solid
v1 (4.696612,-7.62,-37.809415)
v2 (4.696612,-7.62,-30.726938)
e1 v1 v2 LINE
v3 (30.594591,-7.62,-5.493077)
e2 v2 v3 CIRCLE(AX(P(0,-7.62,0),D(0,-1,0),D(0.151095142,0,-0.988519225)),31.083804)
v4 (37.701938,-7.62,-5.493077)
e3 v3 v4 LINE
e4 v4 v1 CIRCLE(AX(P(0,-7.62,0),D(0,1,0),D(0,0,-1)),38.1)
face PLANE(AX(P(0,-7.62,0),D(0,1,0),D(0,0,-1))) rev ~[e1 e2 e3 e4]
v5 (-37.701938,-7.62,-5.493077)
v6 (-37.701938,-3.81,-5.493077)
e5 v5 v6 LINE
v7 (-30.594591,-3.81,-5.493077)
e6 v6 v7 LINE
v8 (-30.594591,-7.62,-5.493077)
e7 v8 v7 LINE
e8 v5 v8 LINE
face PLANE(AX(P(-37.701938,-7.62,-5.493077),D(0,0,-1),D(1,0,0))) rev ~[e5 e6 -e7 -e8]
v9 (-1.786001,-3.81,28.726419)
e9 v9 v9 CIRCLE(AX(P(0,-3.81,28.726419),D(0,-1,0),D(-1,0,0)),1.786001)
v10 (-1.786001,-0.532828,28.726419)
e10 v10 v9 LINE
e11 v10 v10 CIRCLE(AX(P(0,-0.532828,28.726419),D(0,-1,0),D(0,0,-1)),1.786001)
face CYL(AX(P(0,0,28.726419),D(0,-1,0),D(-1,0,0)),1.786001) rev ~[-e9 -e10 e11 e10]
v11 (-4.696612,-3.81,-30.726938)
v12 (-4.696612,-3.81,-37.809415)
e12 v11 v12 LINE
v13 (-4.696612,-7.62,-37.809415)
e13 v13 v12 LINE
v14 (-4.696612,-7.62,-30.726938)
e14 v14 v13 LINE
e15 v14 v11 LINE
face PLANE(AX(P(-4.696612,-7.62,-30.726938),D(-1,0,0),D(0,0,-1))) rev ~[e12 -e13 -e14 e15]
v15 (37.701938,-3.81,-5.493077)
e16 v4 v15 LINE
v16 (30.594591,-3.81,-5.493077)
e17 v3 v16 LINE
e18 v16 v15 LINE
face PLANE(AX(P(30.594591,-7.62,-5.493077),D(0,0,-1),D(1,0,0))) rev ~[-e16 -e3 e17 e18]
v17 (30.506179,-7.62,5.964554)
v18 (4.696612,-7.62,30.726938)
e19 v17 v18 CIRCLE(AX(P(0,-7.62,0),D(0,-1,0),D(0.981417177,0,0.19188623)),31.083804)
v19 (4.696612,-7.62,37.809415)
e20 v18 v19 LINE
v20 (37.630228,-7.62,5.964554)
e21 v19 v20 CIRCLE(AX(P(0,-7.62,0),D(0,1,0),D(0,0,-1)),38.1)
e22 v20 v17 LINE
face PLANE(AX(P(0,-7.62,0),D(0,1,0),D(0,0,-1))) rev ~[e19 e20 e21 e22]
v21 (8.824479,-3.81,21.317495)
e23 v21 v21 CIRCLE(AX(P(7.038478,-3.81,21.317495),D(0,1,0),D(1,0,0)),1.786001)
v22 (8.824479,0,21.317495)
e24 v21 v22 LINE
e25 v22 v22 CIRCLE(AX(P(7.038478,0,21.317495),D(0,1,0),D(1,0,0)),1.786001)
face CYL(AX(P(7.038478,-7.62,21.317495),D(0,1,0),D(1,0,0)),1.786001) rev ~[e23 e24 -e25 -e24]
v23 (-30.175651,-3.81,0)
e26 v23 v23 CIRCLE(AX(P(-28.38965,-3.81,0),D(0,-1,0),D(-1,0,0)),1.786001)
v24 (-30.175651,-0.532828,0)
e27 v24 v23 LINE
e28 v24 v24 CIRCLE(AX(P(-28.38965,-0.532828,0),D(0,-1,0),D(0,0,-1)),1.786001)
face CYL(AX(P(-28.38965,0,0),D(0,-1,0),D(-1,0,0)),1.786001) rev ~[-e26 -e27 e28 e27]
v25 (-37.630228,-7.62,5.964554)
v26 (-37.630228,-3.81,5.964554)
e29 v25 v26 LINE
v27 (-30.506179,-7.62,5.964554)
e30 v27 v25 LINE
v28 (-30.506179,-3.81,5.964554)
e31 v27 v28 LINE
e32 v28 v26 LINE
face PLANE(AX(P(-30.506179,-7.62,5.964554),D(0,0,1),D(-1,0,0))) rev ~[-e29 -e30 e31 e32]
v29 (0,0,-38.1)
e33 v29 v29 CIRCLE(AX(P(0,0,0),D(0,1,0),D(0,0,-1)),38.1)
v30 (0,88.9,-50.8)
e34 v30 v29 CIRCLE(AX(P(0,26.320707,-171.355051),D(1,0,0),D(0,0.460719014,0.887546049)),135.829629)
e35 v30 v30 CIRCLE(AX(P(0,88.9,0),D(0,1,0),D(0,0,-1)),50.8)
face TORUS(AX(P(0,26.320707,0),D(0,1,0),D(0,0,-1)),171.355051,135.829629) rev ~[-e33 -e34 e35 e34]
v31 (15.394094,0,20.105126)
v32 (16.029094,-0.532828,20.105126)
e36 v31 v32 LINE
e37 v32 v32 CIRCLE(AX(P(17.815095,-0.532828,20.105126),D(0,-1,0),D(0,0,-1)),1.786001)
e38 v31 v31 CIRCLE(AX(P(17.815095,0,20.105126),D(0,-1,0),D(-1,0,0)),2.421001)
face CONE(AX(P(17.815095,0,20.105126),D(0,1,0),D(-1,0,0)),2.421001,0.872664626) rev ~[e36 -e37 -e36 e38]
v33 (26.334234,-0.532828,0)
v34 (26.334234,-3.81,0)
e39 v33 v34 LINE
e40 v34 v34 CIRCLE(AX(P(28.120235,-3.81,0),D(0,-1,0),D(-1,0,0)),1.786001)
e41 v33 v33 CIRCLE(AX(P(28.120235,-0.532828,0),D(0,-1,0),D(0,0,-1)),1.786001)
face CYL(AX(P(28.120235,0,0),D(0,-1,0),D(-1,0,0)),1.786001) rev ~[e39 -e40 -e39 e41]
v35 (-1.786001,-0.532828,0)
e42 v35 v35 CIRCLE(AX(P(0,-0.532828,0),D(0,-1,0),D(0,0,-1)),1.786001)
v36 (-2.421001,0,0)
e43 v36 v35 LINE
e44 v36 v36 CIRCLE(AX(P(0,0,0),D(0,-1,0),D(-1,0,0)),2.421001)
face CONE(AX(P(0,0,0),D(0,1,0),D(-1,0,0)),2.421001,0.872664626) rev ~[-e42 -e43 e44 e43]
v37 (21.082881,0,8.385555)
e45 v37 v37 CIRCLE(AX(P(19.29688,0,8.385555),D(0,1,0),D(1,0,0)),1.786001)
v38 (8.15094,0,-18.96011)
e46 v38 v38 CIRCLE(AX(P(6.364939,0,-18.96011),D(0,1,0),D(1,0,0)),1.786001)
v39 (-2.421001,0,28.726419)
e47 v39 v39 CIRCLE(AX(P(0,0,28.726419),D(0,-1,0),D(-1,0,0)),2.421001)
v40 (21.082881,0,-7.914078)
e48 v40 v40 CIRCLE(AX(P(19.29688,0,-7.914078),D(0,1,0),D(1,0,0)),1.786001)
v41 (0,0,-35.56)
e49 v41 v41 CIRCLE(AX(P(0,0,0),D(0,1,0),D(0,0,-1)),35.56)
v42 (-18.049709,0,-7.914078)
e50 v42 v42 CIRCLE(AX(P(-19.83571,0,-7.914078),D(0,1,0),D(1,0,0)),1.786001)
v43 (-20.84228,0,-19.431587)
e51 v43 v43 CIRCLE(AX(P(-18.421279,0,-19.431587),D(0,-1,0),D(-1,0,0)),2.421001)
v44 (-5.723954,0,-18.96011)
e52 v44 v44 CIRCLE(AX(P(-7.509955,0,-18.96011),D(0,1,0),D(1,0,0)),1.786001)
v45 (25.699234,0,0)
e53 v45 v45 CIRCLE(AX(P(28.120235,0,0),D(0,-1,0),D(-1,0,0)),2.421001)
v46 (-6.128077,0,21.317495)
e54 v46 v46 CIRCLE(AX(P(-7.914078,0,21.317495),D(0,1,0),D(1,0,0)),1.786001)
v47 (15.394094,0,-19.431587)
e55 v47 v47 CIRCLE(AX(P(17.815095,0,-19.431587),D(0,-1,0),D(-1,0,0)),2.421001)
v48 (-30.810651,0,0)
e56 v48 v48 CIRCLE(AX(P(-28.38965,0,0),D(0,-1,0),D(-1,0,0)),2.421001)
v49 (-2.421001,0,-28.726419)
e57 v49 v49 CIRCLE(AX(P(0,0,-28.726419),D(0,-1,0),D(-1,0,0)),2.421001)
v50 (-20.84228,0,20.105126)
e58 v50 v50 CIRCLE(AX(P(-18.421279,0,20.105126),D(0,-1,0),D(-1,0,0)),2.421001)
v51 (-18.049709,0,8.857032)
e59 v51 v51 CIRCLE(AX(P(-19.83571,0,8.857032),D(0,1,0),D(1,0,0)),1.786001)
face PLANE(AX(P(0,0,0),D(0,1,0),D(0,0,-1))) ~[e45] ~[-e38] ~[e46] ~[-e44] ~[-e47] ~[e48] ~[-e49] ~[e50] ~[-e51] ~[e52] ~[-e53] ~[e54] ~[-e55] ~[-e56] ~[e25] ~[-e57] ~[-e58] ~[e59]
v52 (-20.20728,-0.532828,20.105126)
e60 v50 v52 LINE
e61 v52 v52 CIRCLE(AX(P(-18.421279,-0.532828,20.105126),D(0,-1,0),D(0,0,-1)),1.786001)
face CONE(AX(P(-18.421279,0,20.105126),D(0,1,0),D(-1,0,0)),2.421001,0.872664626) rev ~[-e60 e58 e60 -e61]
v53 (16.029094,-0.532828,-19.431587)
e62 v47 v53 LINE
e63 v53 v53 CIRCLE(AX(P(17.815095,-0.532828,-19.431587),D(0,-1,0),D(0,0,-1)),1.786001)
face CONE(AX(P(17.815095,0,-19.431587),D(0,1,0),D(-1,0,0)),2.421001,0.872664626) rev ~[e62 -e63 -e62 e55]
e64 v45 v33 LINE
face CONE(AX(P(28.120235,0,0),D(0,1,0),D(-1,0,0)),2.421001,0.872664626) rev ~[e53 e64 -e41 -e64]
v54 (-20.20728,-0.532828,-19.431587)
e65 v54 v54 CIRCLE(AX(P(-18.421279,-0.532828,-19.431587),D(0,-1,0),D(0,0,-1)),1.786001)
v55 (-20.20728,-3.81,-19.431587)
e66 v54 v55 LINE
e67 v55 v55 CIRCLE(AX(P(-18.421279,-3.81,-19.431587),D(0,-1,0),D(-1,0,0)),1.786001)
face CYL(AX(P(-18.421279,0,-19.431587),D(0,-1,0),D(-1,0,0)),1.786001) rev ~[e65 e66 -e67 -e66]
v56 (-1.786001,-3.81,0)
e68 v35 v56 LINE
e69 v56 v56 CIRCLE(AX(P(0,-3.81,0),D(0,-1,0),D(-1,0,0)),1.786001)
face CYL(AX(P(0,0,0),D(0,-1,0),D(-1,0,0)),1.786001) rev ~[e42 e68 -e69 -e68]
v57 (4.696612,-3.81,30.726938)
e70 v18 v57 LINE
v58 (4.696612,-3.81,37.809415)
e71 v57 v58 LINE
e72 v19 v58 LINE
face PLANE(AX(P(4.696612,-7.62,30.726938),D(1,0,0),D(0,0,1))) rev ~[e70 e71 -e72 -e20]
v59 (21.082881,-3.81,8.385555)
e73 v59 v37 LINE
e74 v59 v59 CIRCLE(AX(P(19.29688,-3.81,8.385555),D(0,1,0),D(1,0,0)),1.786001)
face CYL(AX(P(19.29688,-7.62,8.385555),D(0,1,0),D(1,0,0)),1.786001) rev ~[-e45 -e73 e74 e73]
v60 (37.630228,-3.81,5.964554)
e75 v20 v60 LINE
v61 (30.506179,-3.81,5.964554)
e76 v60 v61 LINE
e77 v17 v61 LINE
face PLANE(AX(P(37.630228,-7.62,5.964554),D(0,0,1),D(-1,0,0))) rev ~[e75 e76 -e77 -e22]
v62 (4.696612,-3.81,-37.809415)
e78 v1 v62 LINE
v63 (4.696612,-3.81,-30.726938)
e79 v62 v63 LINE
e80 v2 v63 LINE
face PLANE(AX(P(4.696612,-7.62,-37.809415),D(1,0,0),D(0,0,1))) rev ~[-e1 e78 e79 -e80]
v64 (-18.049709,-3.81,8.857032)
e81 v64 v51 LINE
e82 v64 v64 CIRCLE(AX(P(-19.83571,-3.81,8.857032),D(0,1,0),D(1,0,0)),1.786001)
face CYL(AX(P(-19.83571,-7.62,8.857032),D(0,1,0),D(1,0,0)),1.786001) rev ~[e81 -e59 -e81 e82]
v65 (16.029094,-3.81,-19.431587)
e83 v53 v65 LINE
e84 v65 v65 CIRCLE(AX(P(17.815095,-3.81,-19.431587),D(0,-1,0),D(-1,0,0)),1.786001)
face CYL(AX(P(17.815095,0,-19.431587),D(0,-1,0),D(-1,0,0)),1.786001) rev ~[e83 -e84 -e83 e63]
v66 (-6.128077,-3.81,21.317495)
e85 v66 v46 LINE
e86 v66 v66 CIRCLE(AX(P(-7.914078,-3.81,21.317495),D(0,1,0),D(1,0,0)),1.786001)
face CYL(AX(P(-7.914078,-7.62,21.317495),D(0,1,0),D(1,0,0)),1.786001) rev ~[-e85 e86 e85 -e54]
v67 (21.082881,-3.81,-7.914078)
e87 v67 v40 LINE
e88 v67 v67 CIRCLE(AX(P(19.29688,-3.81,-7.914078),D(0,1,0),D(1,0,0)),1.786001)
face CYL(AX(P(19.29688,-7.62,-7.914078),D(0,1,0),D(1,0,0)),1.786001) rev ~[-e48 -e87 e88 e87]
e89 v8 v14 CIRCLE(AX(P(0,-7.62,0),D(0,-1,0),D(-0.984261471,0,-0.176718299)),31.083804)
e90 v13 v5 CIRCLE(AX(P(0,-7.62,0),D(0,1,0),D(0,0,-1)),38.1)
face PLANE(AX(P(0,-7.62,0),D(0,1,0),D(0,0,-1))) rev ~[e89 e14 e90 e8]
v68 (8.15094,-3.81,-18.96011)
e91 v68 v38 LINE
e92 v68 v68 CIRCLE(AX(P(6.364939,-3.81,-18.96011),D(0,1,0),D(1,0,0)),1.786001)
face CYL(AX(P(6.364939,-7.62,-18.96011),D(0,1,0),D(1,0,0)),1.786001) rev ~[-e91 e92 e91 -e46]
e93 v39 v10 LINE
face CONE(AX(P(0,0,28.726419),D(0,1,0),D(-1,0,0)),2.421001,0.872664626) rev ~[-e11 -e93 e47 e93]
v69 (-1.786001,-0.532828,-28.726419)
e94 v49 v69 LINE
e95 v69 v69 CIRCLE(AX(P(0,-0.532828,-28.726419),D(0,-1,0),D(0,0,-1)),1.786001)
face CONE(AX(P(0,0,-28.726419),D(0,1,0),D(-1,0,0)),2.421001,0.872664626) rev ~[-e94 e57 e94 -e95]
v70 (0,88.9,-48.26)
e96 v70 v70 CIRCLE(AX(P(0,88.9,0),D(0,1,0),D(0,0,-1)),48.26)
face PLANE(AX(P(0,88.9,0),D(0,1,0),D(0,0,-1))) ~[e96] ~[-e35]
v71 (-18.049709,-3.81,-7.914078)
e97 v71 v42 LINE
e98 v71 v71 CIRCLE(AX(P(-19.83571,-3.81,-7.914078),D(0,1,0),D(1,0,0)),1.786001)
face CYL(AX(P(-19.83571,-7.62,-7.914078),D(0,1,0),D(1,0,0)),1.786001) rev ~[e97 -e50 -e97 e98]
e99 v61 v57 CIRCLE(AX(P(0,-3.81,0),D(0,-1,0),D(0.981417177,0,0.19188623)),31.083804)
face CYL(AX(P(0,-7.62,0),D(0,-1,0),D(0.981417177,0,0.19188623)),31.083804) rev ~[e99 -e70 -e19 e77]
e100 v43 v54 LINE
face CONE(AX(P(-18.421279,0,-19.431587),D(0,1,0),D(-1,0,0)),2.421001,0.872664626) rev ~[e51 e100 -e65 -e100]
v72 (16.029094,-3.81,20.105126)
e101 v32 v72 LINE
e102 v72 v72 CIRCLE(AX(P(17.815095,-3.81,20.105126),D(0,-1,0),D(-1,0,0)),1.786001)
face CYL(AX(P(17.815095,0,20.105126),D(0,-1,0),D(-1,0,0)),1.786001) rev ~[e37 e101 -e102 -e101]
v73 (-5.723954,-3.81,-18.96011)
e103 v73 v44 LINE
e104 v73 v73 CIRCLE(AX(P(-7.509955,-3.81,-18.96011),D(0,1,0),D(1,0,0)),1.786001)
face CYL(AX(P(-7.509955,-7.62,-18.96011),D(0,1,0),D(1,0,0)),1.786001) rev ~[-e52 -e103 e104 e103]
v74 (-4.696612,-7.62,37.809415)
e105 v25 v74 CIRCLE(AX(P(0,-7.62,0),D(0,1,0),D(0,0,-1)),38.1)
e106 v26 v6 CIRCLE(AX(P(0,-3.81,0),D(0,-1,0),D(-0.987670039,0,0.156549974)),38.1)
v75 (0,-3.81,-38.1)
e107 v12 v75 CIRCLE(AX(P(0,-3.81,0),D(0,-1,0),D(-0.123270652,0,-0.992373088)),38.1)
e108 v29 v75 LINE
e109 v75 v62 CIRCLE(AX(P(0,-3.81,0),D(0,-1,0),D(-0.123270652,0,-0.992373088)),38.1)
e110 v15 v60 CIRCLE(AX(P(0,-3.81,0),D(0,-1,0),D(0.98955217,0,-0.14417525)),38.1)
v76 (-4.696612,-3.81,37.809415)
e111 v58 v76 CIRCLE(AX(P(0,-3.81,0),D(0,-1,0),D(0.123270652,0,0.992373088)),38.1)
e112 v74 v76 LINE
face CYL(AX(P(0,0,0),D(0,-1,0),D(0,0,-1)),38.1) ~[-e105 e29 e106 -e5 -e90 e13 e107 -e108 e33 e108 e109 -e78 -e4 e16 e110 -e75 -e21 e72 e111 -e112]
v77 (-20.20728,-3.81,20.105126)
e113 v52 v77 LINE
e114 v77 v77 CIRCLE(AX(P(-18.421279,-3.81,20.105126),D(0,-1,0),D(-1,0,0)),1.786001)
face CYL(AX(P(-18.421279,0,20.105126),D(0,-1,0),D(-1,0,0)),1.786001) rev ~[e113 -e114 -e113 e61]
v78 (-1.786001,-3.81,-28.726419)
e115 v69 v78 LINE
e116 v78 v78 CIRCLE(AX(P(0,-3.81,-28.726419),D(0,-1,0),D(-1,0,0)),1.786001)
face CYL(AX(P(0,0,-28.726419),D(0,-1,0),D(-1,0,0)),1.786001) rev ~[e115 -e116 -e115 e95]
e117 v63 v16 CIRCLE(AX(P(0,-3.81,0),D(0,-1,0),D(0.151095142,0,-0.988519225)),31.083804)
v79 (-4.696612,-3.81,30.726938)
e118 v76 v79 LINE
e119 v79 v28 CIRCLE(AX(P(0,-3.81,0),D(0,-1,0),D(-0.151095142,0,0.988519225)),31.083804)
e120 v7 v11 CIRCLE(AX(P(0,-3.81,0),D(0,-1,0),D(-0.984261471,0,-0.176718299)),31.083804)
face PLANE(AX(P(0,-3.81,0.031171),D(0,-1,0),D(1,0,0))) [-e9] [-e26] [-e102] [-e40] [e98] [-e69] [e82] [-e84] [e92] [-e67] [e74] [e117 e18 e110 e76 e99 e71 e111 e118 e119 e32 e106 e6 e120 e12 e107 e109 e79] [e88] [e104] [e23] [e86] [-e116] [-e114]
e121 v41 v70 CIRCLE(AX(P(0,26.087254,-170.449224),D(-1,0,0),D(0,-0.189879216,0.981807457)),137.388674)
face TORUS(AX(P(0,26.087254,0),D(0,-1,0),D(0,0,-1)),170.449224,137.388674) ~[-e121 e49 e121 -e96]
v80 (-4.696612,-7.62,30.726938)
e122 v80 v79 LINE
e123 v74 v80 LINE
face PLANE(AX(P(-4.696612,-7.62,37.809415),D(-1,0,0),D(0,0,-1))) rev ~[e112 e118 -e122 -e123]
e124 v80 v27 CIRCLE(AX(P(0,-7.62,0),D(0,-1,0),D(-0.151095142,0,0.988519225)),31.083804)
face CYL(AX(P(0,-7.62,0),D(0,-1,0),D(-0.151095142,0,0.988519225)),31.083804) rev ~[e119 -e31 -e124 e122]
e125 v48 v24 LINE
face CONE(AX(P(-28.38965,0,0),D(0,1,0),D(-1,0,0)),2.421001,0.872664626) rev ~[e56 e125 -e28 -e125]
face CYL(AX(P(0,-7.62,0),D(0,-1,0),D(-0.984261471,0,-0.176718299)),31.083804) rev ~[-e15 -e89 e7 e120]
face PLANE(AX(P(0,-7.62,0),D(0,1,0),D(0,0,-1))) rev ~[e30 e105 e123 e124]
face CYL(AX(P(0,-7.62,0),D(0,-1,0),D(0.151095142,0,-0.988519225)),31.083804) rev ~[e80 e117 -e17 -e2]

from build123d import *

# Parameters (mm, degrees)
F_9_64_0_14063_DIAMETER_HOLE2_D           = 3.572002
F_9_64_0_14063_DIAMETER_HOLE2_CSINK_D     = 4.842002
F_9_64_0_14063_DIAMETER_HOLE2_CSINK_ANGLE = 100
F_9_64_0_14063_DIAMETER_HOLE3_D           = 3.572002
F_9_64_0_14063_DIAMETER_HOLE3_CSINK_D     = 4.842002
F_9_64_0_14063_DIAMETER_HOLE3_CSINK_ANGLE = 100
CUT_EXTRUDE1_DEPTH                        = 3.81


with BuildPart() as part:
    # Sketch2 → Revolve1 (revolve)
    with BuildSketch(Plane.XY, mode=Mode.PRIVATE) as revolve1_sk:
        with BuildLine():
            Line((0, 0), (-35.56, 0))
            ThreePointArc((-35.56, 0), (-34.441376421, 45.516946226), (-48.26, 88.9))
            Line((-48.26, 88.9), (-50.8, 88.9))
            ThreePointArc((-50.8, 88.9), (-36.890578114, 45.529917412), (-38.1, 0))
            Line((-38.1, 0), (-38.1, -7.62))
            Line((-38.1, -7.62), (0, -7.62))
            Line((0, -7.62), (0, 0))
        make_face()
    revolve(revolve1_sk.sketch.rotate(Axis((0, 0, 0), (0, 1, 0)), 270), axis=Axis((0, 0, 0), (0, 1, 0)))

    # 9/64 (0.14063) Diameter Hole2 (through all)
    with Locations(Plane(origin=(0, 0, 0), x_dir=(1, 0, 0), z_dir=(0, 1, 0))):
        with Locations((0, -28.72641934), (-28.389650063, 0), (0, 28.72641934), (28.120234641, 0), (17.815094761, -20.105125845), (17.815094761, 19.431587291), (-18.421279459, 19.431587291), (-18.421279459, -20.105125845), (0, 0)):
            CounterSinkHole(F_9_64_0_14063_DIAMETER_HOLE2_D / 2, F_9_64_0_14063_DIAMETER_HOLE2_CSINK_D / 2, counter_sink_angle=F_9_64_0_14063_DIAMETER_HOLE2_CSINK_ANGLE)

    # 9/64 (0.14063) Diameter Hole3 (through all)
    with Locations(Plane(origin=(0, -7.62, 0), x_dir=(-1, 0, 0), z_dir=(0, -1, 0))):
        with Locations((-6.364939338, 18.960110303), (7.50995488, 18.960110303), (19.835710423, 7.914078013), (-19.29687958, 7.914078013), (-19.29687958, -8.385555001), (-7.038477892, -21.317495243), (7.914078013, -21.317495243), (19.835710423, -8.857031989)):
            CounterSinkHole(F_9_64_0_14063_DIAMETER_HOLE3_D / 2, F_9_64_0_14063_DIAMETER_HOLE3_CSINK_D / 2, counter_sink_angle=F_9_64_0_14063_DIAMETER_HOLE3_CSINK_ANGLE)

    # Sketch11 → Cut-Extrude1 (cut)
    with BuildSketch(Plane.XZ.offset(7.62)):
        with BuildLine():
            Line((-4.696611831, 37.809414665), (-4.696611831, 30.726938113))
            ThreePointArc((-4.696611831, 30.726938113), (-21.519829113, 22.429887281), (-30.506179441, 5.964554001))
            Line((-30.506179441, 5.964554001), (-37.630228482, 5.964554001))
            ThreePointArc((-37.630228482, 5.964554001), (-38.099253822, 0.238449554), (-37.701937681, -5.493077013))
            Line((-37.701937681, -5.493077013), (-30.594590918, -5.493077013))
            ThreePointArc((-30.594590918, -5.493077013), (-21.692260933, -22.263169229), (-4.696611831, -30.726938113))
            Line((-4.696611831, -30.726938113), (-4.696611831, -37.809414665))
            ThreePointArc((-4.696611831, -37.809414665), (0, -38.1), (4.696611831, -37.809414665))
            Line((4.696611831, -37.809414665), (4.696611831, -30.726938113))
            ThreePointArc((4.696611831, -30.726938113), (21.692260933, -22.263169229), (30.594590918, -5.493077013))
            Line((30.594590918, -5.493077013), (37.701937681, -5.493077013))
            ThreePointArc((37.701937681, -5.493077013), (38.099253822, 0.238449554), (37.630228482, 5.964554001))
            Line((37.630228482, 5.964554001), (30.506179441, 5.964554001))
            ThreePointArc((30.506179441, 5.964554001), (21.519829113, 22.429887281), (4.696611831, 30.726938113))
            Line((4.696611831, 30.726938113), (4.696611831, 37.809414665))
            ThreePointArc((4.696611831, 37.809414665), (0, 38.1), (-4.696611831, 37.809414665))
        make_face()
    extrude(amount=-CUT_EXTRUDE1_DEPTH, mode=Mode.SUBTRACT)


solid = part.part
